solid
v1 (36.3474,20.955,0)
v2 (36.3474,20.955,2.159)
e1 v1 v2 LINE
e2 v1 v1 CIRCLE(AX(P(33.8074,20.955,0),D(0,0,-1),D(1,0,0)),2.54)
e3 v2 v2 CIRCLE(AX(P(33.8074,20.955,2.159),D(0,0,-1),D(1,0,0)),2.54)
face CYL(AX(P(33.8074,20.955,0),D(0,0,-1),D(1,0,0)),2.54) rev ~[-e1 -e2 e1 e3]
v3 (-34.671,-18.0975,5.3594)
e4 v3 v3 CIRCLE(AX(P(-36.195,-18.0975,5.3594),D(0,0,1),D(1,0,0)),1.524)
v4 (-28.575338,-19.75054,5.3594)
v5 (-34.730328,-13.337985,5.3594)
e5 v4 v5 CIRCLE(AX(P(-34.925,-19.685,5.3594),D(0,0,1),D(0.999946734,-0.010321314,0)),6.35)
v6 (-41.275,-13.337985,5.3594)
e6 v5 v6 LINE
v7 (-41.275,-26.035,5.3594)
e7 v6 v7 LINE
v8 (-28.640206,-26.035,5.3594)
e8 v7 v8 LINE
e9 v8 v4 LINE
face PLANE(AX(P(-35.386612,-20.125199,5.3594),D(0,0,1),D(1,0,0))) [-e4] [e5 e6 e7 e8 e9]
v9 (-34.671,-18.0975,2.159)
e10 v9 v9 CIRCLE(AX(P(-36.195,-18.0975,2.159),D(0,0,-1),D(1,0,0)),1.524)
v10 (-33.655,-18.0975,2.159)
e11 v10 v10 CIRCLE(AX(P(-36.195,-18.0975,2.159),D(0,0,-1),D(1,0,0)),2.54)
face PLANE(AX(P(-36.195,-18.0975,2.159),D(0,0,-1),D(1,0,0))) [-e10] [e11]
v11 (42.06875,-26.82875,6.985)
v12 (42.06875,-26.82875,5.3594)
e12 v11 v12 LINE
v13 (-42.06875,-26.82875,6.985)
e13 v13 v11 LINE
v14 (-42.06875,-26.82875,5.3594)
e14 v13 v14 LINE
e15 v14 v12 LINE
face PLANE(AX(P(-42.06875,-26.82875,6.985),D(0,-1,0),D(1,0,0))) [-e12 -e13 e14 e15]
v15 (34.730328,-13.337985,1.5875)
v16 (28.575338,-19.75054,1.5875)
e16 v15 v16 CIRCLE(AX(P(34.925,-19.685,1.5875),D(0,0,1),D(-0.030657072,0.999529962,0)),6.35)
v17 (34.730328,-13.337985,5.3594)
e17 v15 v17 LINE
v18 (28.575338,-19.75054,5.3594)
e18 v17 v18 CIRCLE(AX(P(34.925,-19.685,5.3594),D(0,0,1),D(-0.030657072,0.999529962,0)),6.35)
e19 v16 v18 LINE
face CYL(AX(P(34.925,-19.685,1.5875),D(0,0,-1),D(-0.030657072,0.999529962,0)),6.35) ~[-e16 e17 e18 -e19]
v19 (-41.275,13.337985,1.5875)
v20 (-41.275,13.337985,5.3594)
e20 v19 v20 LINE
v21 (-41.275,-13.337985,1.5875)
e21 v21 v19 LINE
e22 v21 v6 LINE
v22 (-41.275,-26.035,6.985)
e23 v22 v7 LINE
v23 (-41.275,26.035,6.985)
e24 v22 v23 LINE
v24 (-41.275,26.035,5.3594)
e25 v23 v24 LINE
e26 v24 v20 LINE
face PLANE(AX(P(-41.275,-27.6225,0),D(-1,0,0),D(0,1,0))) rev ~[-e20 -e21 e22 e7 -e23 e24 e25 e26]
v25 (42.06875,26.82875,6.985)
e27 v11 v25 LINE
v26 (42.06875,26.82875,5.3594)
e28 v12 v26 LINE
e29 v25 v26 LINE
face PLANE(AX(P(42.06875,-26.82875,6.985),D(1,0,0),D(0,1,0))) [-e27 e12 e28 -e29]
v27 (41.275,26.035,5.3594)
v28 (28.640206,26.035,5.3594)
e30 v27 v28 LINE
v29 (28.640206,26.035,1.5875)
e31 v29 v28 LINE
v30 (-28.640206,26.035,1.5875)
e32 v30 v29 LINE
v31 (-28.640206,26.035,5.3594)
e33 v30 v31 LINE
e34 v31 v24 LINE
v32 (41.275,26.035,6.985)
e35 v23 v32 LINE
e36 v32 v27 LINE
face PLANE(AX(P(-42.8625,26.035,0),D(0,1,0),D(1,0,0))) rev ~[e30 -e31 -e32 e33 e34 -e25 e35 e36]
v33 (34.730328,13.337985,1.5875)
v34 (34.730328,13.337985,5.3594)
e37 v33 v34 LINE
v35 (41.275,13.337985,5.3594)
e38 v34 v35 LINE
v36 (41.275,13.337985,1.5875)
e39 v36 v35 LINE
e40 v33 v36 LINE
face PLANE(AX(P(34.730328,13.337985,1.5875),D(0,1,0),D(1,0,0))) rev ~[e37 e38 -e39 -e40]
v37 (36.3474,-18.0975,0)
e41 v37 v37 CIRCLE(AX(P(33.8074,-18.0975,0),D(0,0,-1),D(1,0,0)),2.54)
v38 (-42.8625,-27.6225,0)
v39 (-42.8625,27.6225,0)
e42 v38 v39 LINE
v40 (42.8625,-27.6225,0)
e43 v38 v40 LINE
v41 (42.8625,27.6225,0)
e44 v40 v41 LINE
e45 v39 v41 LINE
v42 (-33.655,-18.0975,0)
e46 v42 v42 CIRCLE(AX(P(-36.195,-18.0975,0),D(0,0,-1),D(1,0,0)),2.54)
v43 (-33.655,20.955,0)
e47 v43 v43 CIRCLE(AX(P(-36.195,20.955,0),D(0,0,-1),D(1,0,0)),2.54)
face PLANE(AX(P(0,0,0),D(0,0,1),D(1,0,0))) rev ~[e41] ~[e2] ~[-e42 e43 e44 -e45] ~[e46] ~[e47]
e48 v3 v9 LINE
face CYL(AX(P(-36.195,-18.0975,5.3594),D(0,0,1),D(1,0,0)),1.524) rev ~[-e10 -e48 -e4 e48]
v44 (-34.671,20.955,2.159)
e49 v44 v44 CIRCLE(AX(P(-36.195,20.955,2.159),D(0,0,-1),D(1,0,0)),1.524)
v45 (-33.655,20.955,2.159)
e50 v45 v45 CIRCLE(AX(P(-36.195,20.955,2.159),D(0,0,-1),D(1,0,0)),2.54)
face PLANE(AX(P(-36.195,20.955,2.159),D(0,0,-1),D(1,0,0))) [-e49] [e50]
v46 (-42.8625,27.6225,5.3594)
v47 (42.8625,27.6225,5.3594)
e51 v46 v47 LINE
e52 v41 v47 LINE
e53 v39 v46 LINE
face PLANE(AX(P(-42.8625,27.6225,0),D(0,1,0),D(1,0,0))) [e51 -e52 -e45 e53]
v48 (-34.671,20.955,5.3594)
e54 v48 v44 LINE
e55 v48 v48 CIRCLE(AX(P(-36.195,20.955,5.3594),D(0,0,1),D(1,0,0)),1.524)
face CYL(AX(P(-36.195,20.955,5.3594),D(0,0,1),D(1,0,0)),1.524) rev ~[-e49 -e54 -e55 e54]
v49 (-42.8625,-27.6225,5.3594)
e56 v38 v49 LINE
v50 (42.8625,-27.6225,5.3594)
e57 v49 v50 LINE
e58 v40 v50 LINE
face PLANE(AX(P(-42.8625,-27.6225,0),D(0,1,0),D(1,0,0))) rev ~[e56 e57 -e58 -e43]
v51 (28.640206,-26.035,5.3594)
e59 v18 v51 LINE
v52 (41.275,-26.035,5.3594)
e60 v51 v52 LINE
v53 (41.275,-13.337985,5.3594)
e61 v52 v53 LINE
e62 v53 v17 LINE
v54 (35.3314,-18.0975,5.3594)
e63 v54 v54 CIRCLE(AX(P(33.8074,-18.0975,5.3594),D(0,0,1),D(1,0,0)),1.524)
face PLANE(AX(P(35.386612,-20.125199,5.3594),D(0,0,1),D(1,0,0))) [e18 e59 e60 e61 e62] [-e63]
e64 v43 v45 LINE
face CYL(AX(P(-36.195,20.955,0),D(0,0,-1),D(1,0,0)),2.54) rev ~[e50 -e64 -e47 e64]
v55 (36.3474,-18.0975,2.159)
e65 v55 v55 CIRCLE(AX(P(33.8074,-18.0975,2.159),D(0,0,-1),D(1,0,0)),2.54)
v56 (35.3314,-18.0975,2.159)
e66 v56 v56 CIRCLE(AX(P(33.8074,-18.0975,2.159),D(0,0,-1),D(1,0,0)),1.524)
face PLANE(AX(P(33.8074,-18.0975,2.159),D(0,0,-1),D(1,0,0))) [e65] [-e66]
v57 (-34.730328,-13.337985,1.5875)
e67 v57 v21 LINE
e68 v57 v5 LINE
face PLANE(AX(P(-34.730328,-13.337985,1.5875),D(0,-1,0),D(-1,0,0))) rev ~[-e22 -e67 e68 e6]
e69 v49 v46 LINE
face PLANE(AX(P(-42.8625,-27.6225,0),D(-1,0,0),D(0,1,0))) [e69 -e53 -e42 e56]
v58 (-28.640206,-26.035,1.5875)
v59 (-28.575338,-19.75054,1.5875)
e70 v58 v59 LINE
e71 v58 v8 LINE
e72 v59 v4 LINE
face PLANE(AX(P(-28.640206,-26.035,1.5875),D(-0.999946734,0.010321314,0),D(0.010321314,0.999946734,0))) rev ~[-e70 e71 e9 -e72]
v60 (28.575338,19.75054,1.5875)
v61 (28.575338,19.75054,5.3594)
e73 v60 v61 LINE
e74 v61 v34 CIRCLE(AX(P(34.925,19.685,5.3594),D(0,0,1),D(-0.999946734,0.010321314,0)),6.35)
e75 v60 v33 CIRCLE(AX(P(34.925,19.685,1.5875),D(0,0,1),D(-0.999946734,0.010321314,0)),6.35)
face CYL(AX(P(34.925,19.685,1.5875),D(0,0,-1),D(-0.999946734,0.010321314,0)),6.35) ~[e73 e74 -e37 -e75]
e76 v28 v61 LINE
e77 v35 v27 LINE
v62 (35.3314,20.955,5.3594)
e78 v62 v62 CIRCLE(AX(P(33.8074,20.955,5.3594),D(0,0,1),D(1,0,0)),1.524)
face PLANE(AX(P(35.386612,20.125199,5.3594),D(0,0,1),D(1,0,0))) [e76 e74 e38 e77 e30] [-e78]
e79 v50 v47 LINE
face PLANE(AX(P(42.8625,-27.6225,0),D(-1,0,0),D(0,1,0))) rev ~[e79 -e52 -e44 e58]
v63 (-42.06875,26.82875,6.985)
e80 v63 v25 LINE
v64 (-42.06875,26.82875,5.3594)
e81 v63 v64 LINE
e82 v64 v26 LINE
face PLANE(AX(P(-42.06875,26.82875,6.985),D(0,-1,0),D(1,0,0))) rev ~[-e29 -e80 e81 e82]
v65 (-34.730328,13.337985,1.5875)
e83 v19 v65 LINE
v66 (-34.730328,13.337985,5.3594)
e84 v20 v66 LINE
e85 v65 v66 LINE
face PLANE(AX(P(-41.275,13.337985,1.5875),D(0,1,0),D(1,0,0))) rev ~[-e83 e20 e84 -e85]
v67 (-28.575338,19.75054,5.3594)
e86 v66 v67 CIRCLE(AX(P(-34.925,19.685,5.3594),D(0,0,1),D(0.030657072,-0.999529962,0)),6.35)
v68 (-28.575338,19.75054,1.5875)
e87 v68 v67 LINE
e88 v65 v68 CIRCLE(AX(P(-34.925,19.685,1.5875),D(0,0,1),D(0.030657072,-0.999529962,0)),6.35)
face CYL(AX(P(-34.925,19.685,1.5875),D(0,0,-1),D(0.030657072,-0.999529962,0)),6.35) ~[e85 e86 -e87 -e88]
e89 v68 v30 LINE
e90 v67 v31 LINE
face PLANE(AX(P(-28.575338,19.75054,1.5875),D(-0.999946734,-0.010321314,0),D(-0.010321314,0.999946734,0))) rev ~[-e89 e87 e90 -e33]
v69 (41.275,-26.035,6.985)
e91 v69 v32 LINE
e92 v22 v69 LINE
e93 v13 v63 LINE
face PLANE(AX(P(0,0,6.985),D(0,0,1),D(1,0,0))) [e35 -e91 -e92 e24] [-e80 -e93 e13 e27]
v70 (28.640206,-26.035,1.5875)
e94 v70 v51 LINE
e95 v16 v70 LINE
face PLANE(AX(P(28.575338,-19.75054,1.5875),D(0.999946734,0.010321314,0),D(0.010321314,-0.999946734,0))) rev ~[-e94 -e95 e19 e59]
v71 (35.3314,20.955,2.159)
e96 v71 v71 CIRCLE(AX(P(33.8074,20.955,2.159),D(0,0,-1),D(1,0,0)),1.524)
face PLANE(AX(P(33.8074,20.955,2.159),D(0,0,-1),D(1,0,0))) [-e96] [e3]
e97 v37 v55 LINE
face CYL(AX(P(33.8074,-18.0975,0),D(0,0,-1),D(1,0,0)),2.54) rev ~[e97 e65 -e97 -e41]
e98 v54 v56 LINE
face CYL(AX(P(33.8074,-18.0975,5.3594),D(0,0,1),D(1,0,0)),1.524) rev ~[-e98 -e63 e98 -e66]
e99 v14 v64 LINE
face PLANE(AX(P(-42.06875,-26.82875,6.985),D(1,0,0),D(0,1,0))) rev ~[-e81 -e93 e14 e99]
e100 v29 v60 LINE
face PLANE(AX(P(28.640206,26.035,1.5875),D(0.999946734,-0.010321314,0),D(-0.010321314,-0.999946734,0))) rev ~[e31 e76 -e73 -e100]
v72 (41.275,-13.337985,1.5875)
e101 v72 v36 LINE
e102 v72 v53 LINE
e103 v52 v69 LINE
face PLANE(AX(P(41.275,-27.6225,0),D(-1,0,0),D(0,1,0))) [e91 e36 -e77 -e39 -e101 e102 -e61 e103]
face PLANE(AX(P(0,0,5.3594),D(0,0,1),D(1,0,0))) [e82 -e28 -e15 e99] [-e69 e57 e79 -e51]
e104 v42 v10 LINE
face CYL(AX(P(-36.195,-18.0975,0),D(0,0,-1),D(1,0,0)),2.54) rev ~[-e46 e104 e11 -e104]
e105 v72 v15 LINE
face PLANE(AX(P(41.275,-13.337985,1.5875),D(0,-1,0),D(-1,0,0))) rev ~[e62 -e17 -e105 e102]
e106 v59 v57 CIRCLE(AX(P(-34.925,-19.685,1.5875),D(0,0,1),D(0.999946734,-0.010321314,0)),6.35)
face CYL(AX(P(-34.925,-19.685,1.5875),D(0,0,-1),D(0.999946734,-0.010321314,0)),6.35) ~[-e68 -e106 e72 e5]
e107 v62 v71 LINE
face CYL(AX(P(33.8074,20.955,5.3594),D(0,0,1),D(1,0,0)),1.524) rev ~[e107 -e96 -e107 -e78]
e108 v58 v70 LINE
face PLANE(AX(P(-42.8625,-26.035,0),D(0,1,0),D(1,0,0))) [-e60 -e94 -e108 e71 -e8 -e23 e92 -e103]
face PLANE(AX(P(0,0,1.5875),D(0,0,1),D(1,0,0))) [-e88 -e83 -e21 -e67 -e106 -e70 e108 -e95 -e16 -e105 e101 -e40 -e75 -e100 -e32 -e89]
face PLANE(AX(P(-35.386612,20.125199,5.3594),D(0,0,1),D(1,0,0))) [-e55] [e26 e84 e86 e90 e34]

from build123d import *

# Parameters (mm, degrees)
F0_W      = 85.725
F0_H      = 55.245
F1_DEPTH  = 6.985
F2_T      = -1.5875
F4_DEPTH  = 3.7719
F5_R      = 1.524
F6_DEPTH  = 5.3604
F7_R      = 2.54
F7_R_2    = 1.524
F8_DEPTH  = 2.159
F9_W      = 85.725
F9_H      = 55.245
F9_W_2    = 84.1375
F9_H_2    = 53.6575
F10_DEPTH = 1.6256


with BuildPart() as f1:
    # F0 (on Top) → F1 (new body)
    with BuildSketch(Plane.XY):
        Rectangle(F0_W, F0_H)
    extrude(amount=F1_DEPTH)

    # F2
    f2_openings = [f1.faces().sort_by_distance(p)[0] for p in [
        (0, 0, 6.985),
    ]]
    offset(amount=F2_T, openings=f2_openings)

    # F3 (on face) → F4 (join)
    with BuildSketch(Plane.XY.offset(1.5875)):
        with BuildLine():
            Line((-41.275, 13.3379847444), (-35.1196724052, 13.3379847444))
            Line((-35.1196724052, 13.3379847444), (-34.7303275948, 13.3379847444))
            ThreePointArc((-34.7303275948, 13.3379847444), (-30.3438107725, 15.2878184866), (-28.5753382402, 19.7505403419))
            Line((-28.5753382402, 19.7505403419), (-28.6402055749, 26.035))
            Line((-28.6402055749, 26.035), (-41.275, 26.035))
            Line((-41.275, 26.035), (-41.275, 13.3379847444))
        make_face()
        with BuildLine():
            Line((41.275, 26.035), (28.6402055749, 26.035))
            Line((28.6402055749, 26.035), (28.5753382402, 19.7505403419))
            ThreePointArc((28.5753382402, 19.7505403419), (30.3438107725, 15.2878184866), (34.7303275948, 13.3379847444))
            Line((34.7303275948, 13.3379847444), (35.1196724052, 13.3379847444))
            Line((35.1196724052, 13.3379847444), (41.275, 13.3379847444))
            Line((41.275, 13.3379847444), (41.275, 26.035))
        make_face()
        with BuildLine():
            Line((28.5753382402, -19.7505403419), (28.6402055749, -26.035))
            Line((28.6402055749, -26.035), (41.275, -26.035))
            Line((41.275, -26.035), (41.275, -13.3379847444))
            Line((41.275, -13.3379847444), (35.1196724052, -13.3379847444))
            Line((35.1196724052, -13.3379847444), (34.7303275948, -13.3379847444))
            ThreePointArc((34.7303275948, -13.3379847444), (30.3438107725, -15.2878184866), (28.5753382402, -19.7505403419))
        make_face()
        with BuildLine():
            Line((-35.1196724052, -13.3379847444), (-41.275, -13.3379847444))
            Line((-41.275, -13.3379847444), (-41.275, -26.035))
            Line((-41.275, -26.035), (-28.6402055749, -26.035))
            Line((-28.6402055749, -26.035), (-28.5753382402, -19.7505403419))
            ThreePointArc((-28.5753382402, -19.7505403419), (-30.3438107725, -15.2878184866), (-34.7303275948, -13.3379847444))
            Line((-34.7303275948, -13.3379847444), (-35.1196724052, -13.3379847444))
        make_face()
    extrude(amount=F4_DEPTH)

    # F5 (on face) → F6 (cut, through all)
    with BuildSketch(Plane.XY.offset(5.3594)):
        with Locations((33.8074, 20.955)):
            Circle(F5_R)
        with Locations((-36.195, 20.955)):
            Circle(F5_R)
        with Locations((-36.195, -18.0975)):
            Circle(F5_R)
        with Locations((33.8074, -18.0975)):
            Circle(F5_R)
    extrude(amount=-F6_DEPTH, mode=Mode.SUBTRACT)

    # F7 (on face) → F8 (cut)
    with BuildSketch(Plane(origin=(0, 0, 0), x_dir=(1, 0, 0), z_dir=(0, 0, -1))):
        with Locations((-36.195, 18.0975)):
            Circle(F7_R)
        with Locations((-36.195, 18.0975)):
            Circle(F7_R_2, mode=Mode.SUBTRACT)
        with Locations((33.8074, 18.0975)):
            Circle(F7_R)
        with Locations((33.8074, 18.0975)):
            Circle(F7_R_2, mode=Mode.SUBTRACT)
        with Locations((33.8074, -20.955)):
            Circle(F7_R)
        with Locations((33.8074, -20.955)):
            Circle(F7_R_2, mode=Mode.SUBTRACT)
        with Locations((-36.195, -20.955)):
            Circle(F7_R)
        with Locations((-36.195, -20.955)):
            Circle(F7_R_2, mode=Mode.SUBTRACT)
    extrude(amount=-F8_DEPTH, mode=Mode.SUBTRACT)

    # F9 (on face) → F10 (cut)
    with BuildSketch(Plane.XY.offset(6.985)):
        Rectangle(F9_W, F9_H)
        Rectangle(F9_W_2, F9_H_2, mode=Mode.SUBTRACT)
    extrude(amount=-F10_DEPTH, mode=Mode.SUBTRACT)


solid = f1.part
